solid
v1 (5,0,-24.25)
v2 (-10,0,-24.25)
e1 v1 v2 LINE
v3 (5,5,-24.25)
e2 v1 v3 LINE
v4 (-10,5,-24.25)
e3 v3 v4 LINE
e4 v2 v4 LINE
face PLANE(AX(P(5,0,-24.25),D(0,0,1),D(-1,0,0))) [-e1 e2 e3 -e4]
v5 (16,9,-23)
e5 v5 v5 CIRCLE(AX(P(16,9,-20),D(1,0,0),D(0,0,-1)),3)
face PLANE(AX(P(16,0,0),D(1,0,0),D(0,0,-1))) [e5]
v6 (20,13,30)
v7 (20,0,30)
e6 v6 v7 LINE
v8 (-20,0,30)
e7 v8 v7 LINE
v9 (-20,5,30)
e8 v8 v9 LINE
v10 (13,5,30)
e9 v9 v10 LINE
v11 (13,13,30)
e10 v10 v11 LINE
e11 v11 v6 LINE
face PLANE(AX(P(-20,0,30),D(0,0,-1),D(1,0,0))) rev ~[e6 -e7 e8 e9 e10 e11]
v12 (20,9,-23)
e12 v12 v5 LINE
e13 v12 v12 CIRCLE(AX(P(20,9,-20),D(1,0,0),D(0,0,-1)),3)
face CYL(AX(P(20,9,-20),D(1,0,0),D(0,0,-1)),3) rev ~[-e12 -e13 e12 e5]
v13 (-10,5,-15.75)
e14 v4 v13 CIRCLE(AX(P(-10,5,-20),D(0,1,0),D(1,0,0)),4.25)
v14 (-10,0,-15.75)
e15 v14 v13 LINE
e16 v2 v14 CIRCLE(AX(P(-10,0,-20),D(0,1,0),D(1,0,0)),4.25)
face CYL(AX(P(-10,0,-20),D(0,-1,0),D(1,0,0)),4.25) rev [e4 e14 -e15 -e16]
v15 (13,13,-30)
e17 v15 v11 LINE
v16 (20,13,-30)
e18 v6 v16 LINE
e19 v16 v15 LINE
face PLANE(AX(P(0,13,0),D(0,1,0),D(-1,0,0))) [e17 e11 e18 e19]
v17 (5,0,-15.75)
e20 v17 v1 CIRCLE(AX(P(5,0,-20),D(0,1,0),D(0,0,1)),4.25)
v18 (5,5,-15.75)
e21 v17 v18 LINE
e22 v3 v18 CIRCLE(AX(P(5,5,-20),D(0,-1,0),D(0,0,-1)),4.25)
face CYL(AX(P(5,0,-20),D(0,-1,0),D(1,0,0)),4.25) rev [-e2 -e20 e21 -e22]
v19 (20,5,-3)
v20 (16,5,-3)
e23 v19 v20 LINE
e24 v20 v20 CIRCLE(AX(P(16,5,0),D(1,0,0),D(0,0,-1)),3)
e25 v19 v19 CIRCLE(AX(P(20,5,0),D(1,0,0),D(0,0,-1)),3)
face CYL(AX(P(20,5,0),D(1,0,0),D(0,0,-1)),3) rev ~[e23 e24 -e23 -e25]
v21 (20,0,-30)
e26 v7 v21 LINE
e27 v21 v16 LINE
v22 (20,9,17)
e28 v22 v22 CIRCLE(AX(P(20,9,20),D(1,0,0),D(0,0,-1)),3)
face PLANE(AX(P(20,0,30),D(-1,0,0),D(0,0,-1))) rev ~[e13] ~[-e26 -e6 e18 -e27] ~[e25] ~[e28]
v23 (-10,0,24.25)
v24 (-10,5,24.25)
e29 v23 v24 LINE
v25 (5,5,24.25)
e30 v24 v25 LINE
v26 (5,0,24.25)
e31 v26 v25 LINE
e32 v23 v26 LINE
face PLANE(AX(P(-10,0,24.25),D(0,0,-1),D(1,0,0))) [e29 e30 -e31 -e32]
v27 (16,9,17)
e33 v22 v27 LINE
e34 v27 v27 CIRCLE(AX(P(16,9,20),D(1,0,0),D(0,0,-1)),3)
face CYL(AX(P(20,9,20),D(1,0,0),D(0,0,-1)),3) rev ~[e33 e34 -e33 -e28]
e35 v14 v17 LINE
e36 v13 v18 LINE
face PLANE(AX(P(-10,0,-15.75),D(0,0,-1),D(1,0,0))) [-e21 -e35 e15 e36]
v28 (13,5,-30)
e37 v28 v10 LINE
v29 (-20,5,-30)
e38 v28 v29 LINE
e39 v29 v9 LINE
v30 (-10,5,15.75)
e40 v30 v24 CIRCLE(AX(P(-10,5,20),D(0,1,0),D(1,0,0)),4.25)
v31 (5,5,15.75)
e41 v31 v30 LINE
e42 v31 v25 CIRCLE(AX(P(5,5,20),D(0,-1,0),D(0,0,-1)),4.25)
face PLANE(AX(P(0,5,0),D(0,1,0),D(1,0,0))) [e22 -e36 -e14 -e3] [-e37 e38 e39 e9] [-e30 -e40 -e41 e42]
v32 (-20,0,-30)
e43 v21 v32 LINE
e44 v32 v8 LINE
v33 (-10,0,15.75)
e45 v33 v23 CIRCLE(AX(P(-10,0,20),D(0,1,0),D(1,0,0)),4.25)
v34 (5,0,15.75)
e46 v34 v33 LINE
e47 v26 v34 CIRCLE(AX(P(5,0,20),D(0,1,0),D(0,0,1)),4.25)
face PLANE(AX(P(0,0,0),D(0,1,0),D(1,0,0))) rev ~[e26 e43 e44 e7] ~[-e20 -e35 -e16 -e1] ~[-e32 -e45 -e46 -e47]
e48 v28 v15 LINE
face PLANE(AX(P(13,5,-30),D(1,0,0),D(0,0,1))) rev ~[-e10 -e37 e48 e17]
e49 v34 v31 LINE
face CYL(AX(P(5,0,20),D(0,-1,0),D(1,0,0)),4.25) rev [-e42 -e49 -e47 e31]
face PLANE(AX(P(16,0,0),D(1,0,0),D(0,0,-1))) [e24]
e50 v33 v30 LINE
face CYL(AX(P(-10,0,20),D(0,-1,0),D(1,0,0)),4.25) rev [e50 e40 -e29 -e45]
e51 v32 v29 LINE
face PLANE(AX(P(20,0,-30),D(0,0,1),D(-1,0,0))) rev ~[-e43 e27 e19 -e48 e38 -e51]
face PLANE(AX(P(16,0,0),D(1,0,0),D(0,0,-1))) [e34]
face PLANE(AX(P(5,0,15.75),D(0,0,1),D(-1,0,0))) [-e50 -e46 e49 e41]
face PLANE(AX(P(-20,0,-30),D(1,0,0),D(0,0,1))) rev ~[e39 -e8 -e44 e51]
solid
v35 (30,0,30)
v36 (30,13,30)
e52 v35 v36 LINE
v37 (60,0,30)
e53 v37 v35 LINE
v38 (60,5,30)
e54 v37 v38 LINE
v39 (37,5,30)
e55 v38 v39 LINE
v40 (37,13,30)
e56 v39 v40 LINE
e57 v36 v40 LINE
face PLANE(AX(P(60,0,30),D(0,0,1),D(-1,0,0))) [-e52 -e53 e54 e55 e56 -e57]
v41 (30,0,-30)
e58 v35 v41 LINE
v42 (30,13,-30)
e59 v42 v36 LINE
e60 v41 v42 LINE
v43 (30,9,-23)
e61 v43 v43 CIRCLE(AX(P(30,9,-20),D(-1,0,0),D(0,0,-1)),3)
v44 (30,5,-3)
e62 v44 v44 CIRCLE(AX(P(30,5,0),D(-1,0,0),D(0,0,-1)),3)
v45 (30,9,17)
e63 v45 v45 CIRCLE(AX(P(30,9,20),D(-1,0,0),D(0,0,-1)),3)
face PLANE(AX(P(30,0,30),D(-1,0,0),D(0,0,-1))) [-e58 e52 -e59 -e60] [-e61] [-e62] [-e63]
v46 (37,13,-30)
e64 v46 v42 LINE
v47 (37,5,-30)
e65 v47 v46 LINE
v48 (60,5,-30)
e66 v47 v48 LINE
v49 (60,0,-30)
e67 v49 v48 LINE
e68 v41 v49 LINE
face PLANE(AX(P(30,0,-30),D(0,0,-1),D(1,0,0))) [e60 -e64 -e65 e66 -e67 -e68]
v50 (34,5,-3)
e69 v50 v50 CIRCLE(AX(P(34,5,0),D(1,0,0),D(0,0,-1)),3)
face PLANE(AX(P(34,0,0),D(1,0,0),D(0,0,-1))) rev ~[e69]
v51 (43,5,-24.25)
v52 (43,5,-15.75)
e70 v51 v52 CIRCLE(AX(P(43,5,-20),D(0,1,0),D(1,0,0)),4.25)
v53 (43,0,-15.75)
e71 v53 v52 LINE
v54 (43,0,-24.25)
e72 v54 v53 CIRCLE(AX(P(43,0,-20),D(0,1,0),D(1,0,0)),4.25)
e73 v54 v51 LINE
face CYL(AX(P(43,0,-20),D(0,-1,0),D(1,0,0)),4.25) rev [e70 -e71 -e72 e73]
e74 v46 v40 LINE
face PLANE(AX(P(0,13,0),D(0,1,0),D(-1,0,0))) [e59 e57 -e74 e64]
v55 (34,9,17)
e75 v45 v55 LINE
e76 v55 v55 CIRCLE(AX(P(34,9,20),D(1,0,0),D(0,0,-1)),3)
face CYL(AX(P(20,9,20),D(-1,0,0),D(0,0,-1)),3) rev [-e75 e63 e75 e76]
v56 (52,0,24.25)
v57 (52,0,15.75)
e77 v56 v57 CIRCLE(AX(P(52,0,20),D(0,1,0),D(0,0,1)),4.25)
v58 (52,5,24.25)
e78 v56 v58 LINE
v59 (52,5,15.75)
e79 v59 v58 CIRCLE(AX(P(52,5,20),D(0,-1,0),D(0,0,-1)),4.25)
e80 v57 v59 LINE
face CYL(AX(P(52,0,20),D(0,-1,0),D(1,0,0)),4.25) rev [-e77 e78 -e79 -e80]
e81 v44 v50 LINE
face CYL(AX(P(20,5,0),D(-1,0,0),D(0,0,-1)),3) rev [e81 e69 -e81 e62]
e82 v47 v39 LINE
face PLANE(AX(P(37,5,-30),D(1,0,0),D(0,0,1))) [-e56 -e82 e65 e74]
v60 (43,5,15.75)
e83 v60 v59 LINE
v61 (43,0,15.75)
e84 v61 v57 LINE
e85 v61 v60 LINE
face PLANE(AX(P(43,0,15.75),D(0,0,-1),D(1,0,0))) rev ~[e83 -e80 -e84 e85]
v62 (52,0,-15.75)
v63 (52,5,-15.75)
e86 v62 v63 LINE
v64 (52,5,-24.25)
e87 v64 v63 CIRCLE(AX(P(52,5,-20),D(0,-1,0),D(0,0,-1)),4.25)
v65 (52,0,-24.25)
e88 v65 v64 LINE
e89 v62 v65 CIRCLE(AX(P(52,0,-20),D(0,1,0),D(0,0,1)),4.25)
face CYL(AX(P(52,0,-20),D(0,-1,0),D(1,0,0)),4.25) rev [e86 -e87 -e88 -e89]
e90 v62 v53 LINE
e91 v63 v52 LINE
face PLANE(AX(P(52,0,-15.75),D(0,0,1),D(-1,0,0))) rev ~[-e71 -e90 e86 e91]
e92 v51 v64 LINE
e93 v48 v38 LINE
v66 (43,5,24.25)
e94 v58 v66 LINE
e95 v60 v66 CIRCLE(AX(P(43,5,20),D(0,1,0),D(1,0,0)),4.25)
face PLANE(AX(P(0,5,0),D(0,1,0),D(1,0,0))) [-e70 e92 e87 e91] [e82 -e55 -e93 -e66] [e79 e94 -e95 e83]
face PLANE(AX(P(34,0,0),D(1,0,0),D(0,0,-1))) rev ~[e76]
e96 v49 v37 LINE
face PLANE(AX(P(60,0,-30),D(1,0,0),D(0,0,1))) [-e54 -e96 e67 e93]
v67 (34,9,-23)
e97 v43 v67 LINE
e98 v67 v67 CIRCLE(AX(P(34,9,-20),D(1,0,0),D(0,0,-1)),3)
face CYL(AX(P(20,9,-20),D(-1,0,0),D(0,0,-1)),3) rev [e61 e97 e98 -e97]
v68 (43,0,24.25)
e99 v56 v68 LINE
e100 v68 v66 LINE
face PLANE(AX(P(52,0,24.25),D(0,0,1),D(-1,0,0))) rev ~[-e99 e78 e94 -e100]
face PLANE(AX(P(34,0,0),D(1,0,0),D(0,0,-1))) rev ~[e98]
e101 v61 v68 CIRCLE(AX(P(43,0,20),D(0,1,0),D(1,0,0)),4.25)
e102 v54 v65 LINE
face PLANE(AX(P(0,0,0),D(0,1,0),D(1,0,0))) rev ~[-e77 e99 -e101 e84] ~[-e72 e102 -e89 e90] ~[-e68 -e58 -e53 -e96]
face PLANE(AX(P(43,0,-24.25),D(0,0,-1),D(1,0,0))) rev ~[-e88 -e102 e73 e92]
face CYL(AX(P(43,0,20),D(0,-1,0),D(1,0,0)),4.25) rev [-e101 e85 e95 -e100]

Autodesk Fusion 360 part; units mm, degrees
sketch "Sketch1" plane through (0, 0, 0) normal (0, 1, 0) x (1, 0, 0)
  line L0 (20, 30) -> (-20, 30)
  line L1 (-20, 30) -> (-20, -30)
  line L2 (-20, -30) -> (20, -30)
  line L3 (20, -30) -> (20, 30)
  line L4 (20, 30) -> (-20, -30) construction
  line L5 (-20, 30) -> (20, -30) construction
  circle A0 centre (-10, 20) radius 4.25
  circle A1 centre (5, 20) radius 4.25
  circle A2 centre (-10, -20) radius 4.25
  circle A3 centre (5, -20) radius 4.25
  line L6 (-10, 15.75) -> (5, 15.75)
  line L7 (5, 15.75) -> (5, 24.25)
  line L8 (5, 24.25) -> (-10, 24.25)
  line L9 (-10, 24.25) -> (-10, 15.75)
  line L10 (-10, -24.25) -> (5, -24.25)
  line L11 (5, -24.25) -> (5, -15.75)
  line L12 (5, -15.75) -> (-10, -15.75)
  line L13 (-10, -15.75) -> (-10, -24.25)
  dimension "d1" = 40
  dimension "d2" = 60
  dimension "d3" = 8.5
  dimension "d4" = 8.5
  dimension "d5" = 8.5
  dimension "d6" = 8.5
extrude "Extrude1" add sketch "Sketch1" along normal blind 5 makes body 1
sketch "Sketch2" plane through (0, 5, 0) normal (0, 1, 0) x (-1, 0, 0)
  line L0 (10, 15.75) -> (-5, 15.75)
  arc A0 (-5, 24.25) -> (-5, 15.75) centre (-5, 20) ccw
  line L1 (-5, 24.25) -> (10, 24.25)
  arc A1 (10, 15.75) -> (10, 24.25) centre (10, 20) ccw
  line L2 (10, -24.25) -> (-5, -24.25)
  arc A2 (-5, -15.75) -> (-5, -24.25) centre (-5, -20) ccw
  line L3 (-5, -15.75) -> (10, -15.75)
  arc A3 (10, -24.25) -> (10, -15.75) centre (10, -20) ccw
  line L4 (-20, 30) -> (-20, -30)
  line L5 (-20, -30) -> (20, -30)
  line L6 (20, -30) -> (20, 30)
  line L7 (20, 30) -> (-20, 30)
  line L8 (-20, -30) -> (-13, -30)
  line L9 (-13, -30) -> (-13, 30)
  line L10 (-13, 30) -> (-20, 30)
  line L11 (-20, 30) -> (-20, -30)
  dimension "d9" = 7
extrude "Extrude2" add sketch "Sketch2" along normal blind 8 contours L4 L5 L7 L8 L9 L10 L11 bodies 1
sketch "Sketch3" plane through (20, 0, 0) normal (1, 0, 0) x (0, 0, -1)
  line L0 (-30, 0) -> (30, 0)
  line L1 (30, 0) -> (30, 13)
  line L2 (30, 13) -> (-30, 13)
  line L3 (-30, 13) -> (-30, 0)
  circle A0 centre (-20, 9) radius 3
  circle A1 centre (0, 5) radius 3
  circle A2 centre (20, 9) radius 3
  dimension "d22" = 6
  dimension "d23" = 6
  dimension "d24" = 6
extrude "Extrude3" cut sketch "Sketch3" against normal blind 4 contours A0 | A1 | A2 bodies 1
sketch "Sketch4" plane through (0, 0, 0) normal (0, 1, 0) x (1, 0, 0)
  line L0 (30, 30) -> (60, 30)
  line L1 (60, 30) -> (60, -30)
  line L2 (60, -30) -> (30, -30)
  line L3 (30, -30) -> (30, 30)
  circle A0 centre (43, 20) radius 4.25
  circle A1 centre (43, -20) radius 4.25
  circle A2 centre (52, -20) radius 4.25
  circle A3 centre (52, 20) radius 4.25
  line L4 (43, 24.25) -> (52, 24.25)
  line L5 (52, 24.25) -> (52, 15.75)
  line L6 (52, 15.75) -> (43, 15.75)
  line L7 (43, 15.75) -> (43, 24.25)
  line L8 (43, -15.75) -> (52, -15.75)
  line L9 (52, -15.75) -> (52, -24.25)
  line L10 (52, -24.25) -> (43, -24.25)
  line L11 (43, -24.25) -> (43, -15.75)
  dimension "d18" = 8.5
  dimension "d19" = 8.5
  dimension "d29" = 8.5
  dimension "d30" = 8.5
extrude "Extrude4" add sketch "Sketch4" along normal blind 5 separate body makes body 2
sketch "Sketch5" plane through (0, 5, 0) normal (0, 1, 0) x (-1, 0, 0)
  line L0 (-30, 30) -> (-60, 30)
  line L1 (-60, 30) -> (-60, -30)
  line L2 (-60, -30) -> (-30, -30)
  line L3 (-30, -30) -> (-30, 30)
  line L4 (-30, -30) -> (-37, -30)
  line L5 (-37, -30) -> (-37, 30)
  line L6 (-37, 30) -> (-30, 30)
  line L7 (-30, 30) -> (-30, -30)
  arc A0 (-43, -24.25) -> (-43, -15.75) centre (-43, -20) ccw
  line L8 (-43, -24.25) -> (-52, -24.25)
  arc A1 (-52, -15.75) -> (-52, -24.25) centre (-52, -20) ccw
  line L9 (-52, -15.75) -> (-43, -15.75)
  arc A2 (-43, 15.75) -> (-43, 24.25) centre (-43, 20) ccw
  line L10 (-43, 15.75) -> (-52, 15.75)
  arc A3 (-52, 24.25) -> (-52, 15.75) centre (-52, 20) ccw
  line L11 (-52, 24.25) -> (-43, 24.25)
extrude "Extrude5" add sketch "Sketch5" along normal blind 8 contours L0 L2 L3 L4 L5 L6 L7 bodies 2
extrude "Extrude6" cut sketch "Sketch3" along normal blind 14 contours A0 | A1 | A2 bodies 2
